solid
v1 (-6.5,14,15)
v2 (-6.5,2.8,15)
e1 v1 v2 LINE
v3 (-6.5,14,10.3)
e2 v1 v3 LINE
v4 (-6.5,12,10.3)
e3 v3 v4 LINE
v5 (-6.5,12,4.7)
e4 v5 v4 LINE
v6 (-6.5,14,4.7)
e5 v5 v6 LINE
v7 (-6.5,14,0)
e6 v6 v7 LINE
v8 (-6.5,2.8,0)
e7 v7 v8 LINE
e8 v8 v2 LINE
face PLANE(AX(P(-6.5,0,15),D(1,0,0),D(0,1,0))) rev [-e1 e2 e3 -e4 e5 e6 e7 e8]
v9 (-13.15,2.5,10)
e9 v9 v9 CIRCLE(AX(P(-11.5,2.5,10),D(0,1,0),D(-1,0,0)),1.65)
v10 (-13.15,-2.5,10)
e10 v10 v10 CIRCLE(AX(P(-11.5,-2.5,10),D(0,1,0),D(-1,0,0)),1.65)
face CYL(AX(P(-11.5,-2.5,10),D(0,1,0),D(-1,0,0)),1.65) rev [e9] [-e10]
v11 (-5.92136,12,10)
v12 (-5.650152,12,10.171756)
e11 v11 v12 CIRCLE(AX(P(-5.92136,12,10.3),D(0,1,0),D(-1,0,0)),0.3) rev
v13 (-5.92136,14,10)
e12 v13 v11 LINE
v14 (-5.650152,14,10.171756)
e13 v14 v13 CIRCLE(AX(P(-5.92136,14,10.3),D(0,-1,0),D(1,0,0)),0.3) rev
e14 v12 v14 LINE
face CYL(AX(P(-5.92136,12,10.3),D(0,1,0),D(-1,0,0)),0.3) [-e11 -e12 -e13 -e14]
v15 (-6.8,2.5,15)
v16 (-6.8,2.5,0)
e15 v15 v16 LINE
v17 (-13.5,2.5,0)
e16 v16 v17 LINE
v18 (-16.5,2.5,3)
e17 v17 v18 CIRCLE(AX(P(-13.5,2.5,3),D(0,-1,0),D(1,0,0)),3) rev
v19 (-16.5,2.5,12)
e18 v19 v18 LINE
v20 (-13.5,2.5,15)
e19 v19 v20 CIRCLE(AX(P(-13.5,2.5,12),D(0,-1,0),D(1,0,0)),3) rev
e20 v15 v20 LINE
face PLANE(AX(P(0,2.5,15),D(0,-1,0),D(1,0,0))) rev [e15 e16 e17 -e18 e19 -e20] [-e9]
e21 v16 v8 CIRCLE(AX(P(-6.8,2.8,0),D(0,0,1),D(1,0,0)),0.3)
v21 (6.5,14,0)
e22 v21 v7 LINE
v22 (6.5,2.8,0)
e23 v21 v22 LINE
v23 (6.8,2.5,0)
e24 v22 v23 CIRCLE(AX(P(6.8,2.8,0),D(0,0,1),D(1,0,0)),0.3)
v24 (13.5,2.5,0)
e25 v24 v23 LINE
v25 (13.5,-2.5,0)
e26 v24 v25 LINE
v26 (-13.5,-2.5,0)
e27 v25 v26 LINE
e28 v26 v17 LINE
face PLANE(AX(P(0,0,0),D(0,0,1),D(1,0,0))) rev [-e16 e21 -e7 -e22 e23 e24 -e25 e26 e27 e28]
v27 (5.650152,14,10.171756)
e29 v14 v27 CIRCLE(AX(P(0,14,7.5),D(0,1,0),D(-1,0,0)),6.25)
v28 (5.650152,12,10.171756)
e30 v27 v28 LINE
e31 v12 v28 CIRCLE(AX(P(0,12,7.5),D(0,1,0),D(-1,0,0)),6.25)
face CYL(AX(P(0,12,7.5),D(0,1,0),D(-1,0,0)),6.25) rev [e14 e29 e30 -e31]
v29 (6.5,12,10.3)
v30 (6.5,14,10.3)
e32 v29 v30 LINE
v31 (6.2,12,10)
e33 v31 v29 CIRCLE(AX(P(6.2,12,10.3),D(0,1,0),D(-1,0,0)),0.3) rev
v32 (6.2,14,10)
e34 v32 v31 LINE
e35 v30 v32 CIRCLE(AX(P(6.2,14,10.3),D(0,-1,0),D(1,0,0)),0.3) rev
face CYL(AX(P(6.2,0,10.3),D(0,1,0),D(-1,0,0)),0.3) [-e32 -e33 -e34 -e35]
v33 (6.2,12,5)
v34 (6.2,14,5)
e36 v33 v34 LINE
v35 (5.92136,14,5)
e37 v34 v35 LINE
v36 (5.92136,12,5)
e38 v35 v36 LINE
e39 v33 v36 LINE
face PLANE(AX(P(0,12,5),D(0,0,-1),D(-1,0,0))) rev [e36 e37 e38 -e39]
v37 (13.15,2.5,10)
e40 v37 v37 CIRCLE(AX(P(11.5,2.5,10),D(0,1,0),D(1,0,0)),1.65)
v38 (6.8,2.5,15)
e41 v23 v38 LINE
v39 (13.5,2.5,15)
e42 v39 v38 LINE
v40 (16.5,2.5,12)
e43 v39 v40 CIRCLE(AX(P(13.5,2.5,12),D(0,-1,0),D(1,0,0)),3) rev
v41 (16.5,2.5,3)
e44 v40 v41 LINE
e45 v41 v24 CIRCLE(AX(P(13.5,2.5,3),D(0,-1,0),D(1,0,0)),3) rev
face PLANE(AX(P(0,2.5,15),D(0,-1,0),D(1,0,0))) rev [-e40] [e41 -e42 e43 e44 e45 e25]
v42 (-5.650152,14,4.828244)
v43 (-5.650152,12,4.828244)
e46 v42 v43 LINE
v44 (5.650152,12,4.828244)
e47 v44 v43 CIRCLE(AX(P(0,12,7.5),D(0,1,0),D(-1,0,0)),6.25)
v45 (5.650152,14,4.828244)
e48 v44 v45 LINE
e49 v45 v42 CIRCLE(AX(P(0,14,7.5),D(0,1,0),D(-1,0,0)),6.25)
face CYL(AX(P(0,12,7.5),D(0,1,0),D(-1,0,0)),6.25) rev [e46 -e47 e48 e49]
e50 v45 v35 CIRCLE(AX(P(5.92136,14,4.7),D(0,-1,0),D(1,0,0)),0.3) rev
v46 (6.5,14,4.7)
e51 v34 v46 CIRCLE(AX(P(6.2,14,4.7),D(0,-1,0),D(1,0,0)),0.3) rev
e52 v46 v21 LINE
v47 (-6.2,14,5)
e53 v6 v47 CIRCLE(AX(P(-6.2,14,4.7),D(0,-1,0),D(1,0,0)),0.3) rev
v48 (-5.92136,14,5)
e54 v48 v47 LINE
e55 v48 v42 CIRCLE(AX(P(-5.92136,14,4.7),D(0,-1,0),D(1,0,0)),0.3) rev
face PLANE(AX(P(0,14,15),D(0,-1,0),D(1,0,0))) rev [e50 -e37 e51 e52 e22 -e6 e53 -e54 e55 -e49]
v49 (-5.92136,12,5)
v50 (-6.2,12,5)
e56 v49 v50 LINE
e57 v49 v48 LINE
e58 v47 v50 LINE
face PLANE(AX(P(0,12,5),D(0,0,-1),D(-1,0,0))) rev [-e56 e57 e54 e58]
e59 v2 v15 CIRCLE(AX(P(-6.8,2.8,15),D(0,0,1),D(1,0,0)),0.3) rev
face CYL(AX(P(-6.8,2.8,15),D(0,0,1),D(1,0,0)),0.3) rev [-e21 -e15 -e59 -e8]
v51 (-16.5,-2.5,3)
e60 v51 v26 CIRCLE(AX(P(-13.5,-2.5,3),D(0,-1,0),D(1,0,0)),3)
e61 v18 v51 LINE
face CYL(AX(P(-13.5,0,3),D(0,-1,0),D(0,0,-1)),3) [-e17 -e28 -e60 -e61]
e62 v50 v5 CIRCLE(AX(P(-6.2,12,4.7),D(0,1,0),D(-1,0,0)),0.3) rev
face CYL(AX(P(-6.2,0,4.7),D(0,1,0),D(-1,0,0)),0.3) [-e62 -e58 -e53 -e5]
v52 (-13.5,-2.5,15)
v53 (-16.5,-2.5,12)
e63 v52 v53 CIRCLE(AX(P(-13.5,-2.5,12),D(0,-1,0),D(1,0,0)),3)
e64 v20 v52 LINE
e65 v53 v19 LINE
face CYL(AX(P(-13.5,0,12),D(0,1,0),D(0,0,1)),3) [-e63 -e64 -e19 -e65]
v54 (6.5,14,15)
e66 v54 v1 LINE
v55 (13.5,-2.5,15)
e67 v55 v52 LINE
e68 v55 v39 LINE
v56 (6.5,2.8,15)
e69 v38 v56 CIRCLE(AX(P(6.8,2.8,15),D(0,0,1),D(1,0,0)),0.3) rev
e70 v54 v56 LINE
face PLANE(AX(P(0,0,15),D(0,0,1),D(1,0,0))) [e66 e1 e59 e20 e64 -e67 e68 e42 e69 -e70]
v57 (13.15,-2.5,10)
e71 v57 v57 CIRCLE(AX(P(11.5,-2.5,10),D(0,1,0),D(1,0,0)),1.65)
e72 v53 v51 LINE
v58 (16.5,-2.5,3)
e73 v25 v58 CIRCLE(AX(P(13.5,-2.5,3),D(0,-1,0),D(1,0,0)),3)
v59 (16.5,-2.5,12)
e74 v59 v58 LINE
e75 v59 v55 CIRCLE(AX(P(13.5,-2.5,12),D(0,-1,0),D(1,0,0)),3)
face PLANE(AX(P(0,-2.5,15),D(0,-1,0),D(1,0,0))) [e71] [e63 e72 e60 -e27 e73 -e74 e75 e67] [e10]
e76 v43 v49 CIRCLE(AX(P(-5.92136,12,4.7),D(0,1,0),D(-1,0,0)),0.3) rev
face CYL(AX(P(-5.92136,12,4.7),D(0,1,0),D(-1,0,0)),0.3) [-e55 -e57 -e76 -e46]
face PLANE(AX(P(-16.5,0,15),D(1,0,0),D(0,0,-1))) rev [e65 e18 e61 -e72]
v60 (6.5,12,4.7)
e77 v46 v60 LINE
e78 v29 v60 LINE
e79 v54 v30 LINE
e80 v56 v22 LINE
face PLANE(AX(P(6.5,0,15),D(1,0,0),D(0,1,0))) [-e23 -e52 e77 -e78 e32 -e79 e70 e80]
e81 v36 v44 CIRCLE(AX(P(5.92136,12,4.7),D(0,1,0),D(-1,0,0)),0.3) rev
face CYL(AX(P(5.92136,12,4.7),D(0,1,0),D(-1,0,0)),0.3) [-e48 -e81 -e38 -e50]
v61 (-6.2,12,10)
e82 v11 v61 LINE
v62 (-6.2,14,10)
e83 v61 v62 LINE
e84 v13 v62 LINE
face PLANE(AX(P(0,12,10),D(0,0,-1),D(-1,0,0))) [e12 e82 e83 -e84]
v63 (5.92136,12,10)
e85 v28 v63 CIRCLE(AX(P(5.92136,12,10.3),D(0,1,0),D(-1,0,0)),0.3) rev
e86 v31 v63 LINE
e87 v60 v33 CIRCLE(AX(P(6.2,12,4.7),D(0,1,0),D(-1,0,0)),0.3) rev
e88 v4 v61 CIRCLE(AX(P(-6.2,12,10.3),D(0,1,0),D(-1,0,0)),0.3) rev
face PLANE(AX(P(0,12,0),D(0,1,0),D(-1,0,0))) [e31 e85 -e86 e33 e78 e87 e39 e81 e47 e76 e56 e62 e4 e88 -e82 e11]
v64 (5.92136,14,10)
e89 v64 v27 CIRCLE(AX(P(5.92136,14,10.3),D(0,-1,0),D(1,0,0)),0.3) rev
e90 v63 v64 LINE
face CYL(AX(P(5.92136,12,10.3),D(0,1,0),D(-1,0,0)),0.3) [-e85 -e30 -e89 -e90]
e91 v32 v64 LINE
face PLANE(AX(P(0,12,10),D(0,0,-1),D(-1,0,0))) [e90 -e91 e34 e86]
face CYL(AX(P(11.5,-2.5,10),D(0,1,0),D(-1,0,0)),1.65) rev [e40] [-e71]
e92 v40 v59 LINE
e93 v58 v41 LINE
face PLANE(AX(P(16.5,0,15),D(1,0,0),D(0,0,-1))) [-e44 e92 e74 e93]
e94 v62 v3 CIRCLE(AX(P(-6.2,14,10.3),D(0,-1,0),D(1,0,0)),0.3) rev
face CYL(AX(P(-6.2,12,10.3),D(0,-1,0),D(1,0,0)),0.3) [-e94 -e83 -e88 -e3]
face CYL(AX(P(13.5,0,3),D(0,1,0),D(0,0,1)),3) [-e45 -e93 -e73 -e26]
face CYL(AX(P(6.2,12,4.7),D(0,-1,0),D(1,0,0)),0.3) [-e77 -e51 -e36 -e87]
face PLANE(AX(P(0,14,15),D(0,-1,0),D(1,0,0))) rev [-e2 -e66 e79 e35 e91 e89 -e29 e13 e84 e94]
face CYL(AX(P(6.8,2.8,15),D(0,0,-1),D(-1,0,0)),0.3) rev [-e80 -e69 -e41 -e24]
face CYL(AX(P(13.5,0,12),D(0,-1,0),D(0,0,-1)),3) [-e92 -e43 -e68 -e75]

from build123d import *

# Parameters (mm, degrees)
SKETCH_1_W          = 33
SKETCH_1_H          = 5
SKETCH_1_W_2        = 13
SKETCH_1_H_2        = 11.5
EXTRUDE_1_DEPTH     = 15
SKETCH_2_R          = 1.65
CUT_EXTRUDE_1_DEPTH = 26.089838581
CUT_EXTRUDE_3_DEPTH = 2
FILLET_2_R          = 0.3
FILLET_3_R          = 0.3
FILLET_4_R          = 3


with BuildPart() as part:
    # ｽｹｯﾁ1 → ﾎﾞｽ - 押し出し1 (new body)
    with BuildSketch(Plane.XY):
        Rectangle(SKETCH_1_W, SKETCH_1_H)
        with Locations((0, 8.25)):
            Rectangle(SKETCH_1_W_2, SKETCH_1_H_2)
    extrude(amount=EXTRUDE_1_DEPTH)

    # ｽｹｯﾁ2 → ｶｯﾄ - 押し出し1 (cut, through all)
    with BuildSketch(Plane(origin=(0, 2.5, 0), x_dir=(1, 0, 0), z_dir=(0, 1, 0))):
        with Locations(Location((-11.5, -10, 0), (0, 0, 180))):
            Circle(SKETCH_2_R)
        with Locations((11.5, -10)):
            Circle(SKETCH_2_R)
    extrude(amount=-CUT_EXTRUDE_1_DEPTH, mode=Mode.SUBTRACT)

    # ｽｹｯﾁ3 → ｶｯﾄ - 押し出し3 (cut)
    with BuildSketch(Plane(origin=(0, 14, 0), x_dir=(1, 0, 0), z_dir=(0, 1, 0))):
        with BuildLine():
            Line((-5.728219619, -5), (5.728219619, -5))
            ThreePointArc((5.728219619, -5), (0, -1.25), (-5.728219619, -5))
        make_face()
        with BuildLine():
            ThreePointArc((-5.728219619, -10), (0, -13.75), (5.728219619, -10))
            Line((5.728219619, -10), (-5.728219619, -10))
        make_face()
        with BuildLine():
            ThreePointArc((6.25, -7.5), (6.118164456, -6.223064727), (5.728219619, -5))
            Line((5.728219619, -5), (-5.728219619, -5))
            ThreePointArc((-5.728219619, -5), (-6.25, -7.5), (-5.728219619, -10))
            Line((-5.728219619, -10), (5.728219619, -10))
            ThreePointArc((5.728219619, -10), (6.118164456, -8.776935273), (6.25, -7.5))
        make_face()
        with BuildLine():
            ThreePointArc((-5.728219619, -10), (-6.25, -7.5), (-5.728219619, -5))
            Line((-5.728219619, -5), (-6.5, -5))
            Line((-6.5, -5), (-6.5, -10))
            Line((-6.5, -10), (-5.728219619, -10))
        make_face()
        with BuildLine():
            Line((6.5, -10), (6.5, -5))
            Line((6.5, -5), (5.728219619, -5))
            ThreePointArc((5.728219619, -5), (6.118164456, -6.223064727), (6.25, -7.5))
            ThreePointArc((6.25, -7.5), (6.118164456, -8.776935273), (5.728219619, -10))
            Line((5.728219619, -10), (6.5, -10))
        make_face()
    extrude(amount=-CUT_EXTRUDE_3_DEPTH, mode=Mode.SUBTRACT)

    # ﾌｨﾚｯﾄ2
    fillet_2_edges = [part.edges().sort_by_distance(p)[0] for p in [
        (-5.728219619, 13, 5),
        (5.728219619, 13, 5),
        (6.5, 13, 5),
        (6.5, 13, 10),
        (5.728219619, 13, 10),
        (-5.728219619, 13, 10),
        (-6.5, 13, 10),
        (-6.5, 13, 5),
    ]]
    fillet(fillet_2_edges, radius=FILLET_2_R)

    # ﾌｨﾚｯﾄ3
    fillet_3_edges = [part.edges().sort_by_distance(p)[0] for p in [
        (-6.5, 2.5, 7.5),
        (6.5, 2.5, 7.5),
    ]]
    fillet(fillet_3_edges, radius=FILLET_3_R)

    # ﾌｨﾚｯﾄ4
    fillet_4_edges = [part.edges().sort_by_distance(p)[0] for p in [
        (-16.5, 0, 0),
        (-16.5, 0, 15),
        (16.5, 0, 15),
        (16.5, 0, 0),
    ]]
    fillet(fillet_4_edges, radius=FILLET_4_R)


solid = part.part
